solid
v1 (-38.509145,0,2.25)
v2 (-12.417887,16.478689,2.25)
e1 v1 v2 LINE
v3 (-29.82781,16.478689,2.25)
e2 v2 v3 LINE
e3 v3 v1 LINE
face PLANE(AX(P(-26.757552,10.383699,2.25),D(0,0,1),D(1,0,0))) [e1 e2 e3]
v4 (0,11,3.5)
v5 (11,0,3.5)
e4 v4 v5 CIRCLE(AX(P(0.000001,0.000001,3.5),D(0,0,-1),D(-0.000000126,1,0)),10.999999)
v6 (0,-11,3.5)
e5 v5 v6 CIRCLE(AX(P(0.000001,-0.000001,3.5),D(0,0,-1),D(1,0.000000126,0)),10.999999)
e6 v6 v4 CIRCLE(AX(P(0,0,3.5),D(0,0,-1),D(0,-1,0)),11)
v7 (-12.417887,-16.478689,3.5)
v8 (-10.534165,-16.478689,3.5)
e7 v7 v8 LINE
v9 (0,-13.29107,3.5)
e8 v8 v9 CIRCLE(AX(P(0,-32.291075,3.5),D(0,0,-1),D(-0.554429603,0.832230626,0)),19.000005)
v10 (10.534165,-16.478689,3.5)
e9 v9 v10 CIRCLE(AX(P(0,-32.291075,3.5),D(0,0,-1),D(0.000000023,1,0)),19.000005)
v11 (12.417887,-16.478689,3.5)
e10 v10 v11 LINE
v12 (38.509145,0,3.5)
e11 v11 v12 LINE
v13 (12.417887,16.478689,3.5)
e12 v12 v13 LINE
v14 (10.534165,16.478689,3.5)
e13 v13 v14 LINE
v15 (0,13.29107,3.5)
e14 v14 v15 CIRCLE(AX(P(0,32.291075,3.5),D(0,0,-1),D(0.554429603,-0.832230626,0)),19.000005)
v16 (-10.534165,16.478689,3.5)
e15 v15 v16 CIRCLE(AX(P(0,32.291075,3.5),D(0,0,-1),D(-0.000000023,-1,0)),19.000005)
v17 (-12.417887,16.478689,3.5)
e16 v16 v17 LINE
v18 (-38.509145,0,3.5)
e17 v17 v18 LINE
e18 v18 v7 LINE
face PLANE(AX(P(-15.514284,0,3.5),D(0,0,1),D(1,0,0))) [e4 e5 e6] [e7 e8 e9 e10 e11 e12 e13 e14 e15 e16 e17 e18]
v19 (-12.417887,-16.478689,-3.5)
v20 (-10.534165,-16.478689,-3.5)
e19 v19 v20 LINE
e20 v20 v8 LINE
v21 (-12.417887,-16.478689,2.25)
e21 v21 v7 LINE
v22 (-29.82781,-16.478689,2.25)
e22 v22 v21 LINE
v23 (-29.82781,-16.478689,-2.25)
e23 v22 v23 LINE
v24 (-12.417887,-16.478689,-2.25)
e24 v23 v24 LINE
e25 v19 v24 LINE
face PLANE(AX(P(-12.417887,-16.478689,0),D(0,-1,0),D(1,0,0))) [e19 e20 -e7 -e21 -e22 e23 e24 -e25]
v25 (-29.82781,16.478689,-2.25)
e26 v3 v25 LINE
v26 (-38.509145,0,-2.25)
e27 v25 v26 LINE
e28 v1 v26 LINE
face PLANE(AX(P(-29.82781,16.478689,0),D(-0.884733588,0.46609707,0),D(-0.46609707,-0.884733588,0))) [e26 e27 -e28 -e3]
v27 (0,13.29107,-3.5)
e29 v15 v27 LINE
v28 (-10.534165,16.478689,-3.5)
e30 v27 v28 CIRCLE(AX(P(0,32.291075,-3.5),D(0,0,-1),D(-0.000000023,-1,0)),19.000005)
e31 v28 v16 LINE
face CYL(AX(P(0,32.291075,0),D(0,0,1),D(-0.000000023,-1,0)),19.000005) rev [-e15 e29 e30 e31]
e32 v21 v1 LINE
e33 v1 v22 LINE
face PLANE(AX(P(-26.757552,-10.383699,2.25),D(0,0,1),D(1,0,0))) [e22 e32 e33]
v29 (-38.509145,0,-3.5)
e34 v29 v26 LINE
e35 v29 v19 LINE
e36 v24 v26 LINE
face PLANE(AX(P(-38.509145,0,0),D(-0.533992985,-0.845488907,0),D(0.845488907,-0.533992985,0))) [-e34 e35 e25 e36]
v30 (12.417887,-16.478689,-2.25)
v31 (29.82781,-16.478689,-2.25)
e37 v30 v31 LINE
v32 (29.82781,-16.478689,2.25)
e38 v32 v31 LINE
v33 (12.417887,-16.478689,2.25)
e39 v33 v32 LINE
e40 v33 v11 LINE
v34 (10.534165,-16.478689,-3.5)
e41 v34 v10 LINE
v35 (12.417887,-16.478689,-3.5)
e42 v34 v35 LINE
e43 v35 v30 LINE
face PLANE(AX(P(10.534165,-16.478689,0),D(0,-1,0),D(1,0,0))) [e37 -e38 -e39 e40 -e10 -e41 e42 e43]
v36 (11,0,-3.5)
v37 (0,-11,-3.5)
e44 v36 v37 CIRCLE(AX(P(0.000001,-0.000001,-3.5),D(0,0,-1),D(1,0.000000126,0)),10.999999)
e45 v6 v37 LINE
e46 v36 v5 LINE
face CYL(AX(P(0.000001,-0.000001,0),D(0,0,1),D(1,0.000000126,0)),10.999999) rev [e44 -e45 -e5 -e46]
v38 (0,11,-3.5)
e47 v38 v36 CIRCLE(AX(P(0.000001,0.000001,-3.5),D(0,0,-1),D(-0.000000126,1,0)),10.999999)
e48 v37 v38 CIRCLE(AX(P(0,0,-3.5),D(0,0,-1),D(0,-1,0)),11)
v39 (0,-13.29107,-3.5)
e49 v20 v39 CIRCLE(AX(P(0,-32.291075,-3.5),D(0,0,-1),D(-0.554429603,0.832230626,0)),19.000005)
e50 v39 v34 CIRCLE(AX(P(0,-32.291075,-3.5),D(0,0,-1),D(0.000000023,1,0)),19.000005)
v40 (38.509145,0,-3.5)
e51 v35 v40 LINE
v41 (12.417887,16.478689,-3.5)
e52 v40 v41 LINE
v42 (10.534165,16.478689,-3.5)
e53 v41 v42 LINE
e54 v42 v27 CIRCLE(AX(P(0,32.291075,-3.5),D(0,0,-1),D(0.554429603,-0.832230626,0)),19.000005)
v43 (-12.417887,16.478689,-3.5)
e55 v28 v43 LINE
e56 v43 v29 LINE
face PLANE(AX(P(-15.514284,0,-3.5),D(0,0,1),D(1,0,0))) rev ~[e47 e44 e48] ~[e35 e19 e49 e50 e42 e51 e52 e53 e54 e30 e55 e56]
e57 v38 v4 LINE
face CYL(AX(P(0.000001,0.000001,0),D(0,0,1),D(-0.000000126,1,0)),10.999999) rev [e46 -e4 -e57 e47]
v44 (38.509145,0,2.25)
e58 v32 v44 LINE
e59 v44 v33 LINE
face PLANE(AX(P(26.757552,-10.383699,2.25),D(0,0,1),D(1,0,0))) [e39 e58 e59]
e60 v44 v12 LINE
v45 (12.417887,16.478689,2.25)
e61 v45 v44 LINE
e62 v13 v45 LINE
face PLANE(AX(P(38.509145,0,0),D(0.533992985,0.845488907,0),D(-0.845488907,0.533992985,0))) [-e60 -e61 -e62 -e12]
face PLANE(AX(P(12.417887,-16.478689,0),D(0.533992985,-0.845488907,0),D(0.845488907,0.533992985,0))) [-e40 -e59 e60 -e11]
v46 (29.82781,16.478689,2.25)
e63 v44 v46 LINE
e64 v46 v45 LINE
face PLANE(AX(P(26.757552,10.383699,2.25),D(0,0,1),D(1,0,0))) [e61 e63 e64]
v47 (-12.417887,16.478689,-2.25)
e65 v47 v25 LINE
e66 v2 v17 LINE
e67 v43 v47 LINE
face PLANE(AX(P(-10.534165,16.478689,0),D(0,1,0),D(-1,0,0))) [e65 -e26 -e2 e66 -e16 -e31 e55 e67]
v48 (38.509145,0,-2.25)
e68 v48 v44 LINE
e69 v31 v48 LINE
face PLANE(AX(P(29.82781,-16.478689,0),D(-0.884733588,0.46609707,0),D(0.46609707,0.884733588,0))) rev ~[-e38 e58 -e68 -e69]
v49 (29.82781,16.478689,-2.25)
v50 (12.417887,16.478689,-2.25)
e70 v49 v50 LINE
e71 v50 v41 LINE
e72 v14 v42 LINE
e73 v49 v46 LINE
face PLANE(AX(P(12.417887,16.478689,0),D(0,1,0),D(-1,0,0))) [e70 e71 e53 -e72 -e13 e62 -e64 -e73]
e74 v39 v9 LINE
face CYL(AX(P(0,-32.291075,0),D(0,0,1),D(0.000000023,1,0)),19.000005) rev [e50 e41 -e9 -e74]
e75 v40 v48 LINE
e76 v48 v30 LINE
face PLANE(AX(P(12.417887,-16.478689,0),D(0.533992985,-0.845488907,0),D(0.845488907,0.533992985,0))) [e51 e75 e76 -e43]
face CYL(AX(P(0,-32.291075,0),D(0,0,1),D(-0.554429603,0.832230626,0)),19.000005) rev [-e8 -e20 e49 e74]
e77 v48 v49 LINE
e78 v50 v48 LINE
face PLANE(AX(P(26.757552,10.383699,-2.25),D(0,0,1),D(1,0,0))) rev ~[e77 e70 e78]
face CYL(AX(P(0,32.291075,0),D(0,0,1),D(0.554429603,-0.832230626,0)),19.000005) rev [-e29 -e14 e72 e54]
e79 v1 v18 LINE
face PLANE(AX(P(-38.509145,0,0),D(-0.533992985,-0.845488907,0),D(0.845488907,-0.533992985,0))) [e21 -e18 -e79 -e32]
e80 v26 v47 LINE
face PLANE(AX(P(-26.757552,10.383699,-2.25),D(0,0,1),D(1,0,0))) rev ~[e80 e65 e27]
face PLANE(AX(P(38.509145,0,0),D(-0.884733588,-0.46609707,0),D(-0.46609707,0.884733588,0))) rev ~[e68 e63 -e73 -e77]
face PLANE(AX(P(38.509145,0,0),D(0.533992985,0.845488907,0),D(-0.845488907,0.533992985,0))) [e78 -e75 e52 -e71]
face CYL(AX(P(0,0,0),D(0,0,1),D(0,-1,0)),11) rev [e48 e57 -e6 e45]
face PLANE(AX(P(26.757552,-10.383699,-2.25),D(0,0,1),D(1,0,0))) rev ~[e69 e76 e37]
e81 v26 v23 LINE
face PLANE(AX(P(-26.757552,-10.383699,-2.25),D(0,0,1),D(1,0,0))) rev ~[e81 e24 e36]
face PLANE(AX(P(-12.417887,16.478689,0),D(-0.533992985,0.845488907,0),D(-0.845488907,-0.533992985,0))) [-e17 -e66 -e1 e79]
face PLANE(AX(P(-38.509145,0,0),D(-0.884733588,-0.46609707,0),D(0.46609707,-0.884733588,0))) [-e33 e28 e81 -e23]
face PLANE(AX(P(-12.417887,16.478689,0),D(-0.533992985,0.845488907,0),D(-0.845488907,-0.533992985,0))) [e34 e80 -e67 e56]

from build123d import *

# Parameters (mm, degrees)
F1_DEPTH = 3.5
F2_DEPTH = 2.25


with BuildPart() as f1:
    # F0 (on Top) → F1 (new body, symmetric)
    with BuildSketch(Plane.XY):
        with BuildLine():
            Line((0, 11), (0, 13.29107))
            ThreePointArc((0, 13.29107), (-5.502944, 14.105427), (-10.534165, 16.478689))
            Line((-10.534165, 16.478689), (-12.417887, 16.478689))
            Line((-12.417887, 16.478689), (-38.509145, 0))
            Line((-38.509145, 0), (-12.417887, -16.478689))
            Line((-12.417887, -16.478689), (-10.534165, -16.478689))
            ThreePointArc((-10.534165, -16.478689), (-5.502944, -14.105427), (0, -13.29107))
            Line((0, -13.29107), (0, -11))
            ThreePointArc((0, -11), (-11, 0), (0, 11))
        make_face()
        with BuildLine():
            Line((38.509145, 0), (12.417887, 16.478689))
            Line((12.417887, 16.478689), (10.534165, 16.478689))
            ThreePointArc((10.534165, 16.478689), (5.502944, 14.105427), (0, 13.29107))
            Line((0, 13.29107), (0, 11))
            ThreePointArc((0, 11), (7.778175, 7.778175), (11, 0))
            ThreePointArc((11, 0), (7.778175, -7.778175), (0, -11))
            Line((0, -11), (0, -13.29107))
            ThreePointArc((0, -13.29107), (5.502944, -14.105427), (10.534165, -16.478689))
            Line((10.534165, -16.478689), (12.417887, -16.478689))
            Line((12.417887, -16.478689), (38.509145, 0))
        make_face()
    extrude(amount=F1_DEPTH, both=True)

    # F0 (on Top) → F2 (join, symmetric)
    with BuildSketch(Plane.XY):
        Polygon((29.82781, -16.478689), (38.509145, 0), (12.417887, -16.478689), align=None)
        Polygon((38.509145, 0), (29.82781, 16.478689), (12.417887, 16.478689), align=None)
        Polygon((-12.417887, -16.478689), (-38.509145, 0), (-29.82781, -16.478689), align=None)
        Polygon((-38.509145, 0), (-12.417887, 16.478689), (-29.82781, 16.478689), align=None)
    extrude(amount=F2_DEPTH, both=True)


solid = f1.part
